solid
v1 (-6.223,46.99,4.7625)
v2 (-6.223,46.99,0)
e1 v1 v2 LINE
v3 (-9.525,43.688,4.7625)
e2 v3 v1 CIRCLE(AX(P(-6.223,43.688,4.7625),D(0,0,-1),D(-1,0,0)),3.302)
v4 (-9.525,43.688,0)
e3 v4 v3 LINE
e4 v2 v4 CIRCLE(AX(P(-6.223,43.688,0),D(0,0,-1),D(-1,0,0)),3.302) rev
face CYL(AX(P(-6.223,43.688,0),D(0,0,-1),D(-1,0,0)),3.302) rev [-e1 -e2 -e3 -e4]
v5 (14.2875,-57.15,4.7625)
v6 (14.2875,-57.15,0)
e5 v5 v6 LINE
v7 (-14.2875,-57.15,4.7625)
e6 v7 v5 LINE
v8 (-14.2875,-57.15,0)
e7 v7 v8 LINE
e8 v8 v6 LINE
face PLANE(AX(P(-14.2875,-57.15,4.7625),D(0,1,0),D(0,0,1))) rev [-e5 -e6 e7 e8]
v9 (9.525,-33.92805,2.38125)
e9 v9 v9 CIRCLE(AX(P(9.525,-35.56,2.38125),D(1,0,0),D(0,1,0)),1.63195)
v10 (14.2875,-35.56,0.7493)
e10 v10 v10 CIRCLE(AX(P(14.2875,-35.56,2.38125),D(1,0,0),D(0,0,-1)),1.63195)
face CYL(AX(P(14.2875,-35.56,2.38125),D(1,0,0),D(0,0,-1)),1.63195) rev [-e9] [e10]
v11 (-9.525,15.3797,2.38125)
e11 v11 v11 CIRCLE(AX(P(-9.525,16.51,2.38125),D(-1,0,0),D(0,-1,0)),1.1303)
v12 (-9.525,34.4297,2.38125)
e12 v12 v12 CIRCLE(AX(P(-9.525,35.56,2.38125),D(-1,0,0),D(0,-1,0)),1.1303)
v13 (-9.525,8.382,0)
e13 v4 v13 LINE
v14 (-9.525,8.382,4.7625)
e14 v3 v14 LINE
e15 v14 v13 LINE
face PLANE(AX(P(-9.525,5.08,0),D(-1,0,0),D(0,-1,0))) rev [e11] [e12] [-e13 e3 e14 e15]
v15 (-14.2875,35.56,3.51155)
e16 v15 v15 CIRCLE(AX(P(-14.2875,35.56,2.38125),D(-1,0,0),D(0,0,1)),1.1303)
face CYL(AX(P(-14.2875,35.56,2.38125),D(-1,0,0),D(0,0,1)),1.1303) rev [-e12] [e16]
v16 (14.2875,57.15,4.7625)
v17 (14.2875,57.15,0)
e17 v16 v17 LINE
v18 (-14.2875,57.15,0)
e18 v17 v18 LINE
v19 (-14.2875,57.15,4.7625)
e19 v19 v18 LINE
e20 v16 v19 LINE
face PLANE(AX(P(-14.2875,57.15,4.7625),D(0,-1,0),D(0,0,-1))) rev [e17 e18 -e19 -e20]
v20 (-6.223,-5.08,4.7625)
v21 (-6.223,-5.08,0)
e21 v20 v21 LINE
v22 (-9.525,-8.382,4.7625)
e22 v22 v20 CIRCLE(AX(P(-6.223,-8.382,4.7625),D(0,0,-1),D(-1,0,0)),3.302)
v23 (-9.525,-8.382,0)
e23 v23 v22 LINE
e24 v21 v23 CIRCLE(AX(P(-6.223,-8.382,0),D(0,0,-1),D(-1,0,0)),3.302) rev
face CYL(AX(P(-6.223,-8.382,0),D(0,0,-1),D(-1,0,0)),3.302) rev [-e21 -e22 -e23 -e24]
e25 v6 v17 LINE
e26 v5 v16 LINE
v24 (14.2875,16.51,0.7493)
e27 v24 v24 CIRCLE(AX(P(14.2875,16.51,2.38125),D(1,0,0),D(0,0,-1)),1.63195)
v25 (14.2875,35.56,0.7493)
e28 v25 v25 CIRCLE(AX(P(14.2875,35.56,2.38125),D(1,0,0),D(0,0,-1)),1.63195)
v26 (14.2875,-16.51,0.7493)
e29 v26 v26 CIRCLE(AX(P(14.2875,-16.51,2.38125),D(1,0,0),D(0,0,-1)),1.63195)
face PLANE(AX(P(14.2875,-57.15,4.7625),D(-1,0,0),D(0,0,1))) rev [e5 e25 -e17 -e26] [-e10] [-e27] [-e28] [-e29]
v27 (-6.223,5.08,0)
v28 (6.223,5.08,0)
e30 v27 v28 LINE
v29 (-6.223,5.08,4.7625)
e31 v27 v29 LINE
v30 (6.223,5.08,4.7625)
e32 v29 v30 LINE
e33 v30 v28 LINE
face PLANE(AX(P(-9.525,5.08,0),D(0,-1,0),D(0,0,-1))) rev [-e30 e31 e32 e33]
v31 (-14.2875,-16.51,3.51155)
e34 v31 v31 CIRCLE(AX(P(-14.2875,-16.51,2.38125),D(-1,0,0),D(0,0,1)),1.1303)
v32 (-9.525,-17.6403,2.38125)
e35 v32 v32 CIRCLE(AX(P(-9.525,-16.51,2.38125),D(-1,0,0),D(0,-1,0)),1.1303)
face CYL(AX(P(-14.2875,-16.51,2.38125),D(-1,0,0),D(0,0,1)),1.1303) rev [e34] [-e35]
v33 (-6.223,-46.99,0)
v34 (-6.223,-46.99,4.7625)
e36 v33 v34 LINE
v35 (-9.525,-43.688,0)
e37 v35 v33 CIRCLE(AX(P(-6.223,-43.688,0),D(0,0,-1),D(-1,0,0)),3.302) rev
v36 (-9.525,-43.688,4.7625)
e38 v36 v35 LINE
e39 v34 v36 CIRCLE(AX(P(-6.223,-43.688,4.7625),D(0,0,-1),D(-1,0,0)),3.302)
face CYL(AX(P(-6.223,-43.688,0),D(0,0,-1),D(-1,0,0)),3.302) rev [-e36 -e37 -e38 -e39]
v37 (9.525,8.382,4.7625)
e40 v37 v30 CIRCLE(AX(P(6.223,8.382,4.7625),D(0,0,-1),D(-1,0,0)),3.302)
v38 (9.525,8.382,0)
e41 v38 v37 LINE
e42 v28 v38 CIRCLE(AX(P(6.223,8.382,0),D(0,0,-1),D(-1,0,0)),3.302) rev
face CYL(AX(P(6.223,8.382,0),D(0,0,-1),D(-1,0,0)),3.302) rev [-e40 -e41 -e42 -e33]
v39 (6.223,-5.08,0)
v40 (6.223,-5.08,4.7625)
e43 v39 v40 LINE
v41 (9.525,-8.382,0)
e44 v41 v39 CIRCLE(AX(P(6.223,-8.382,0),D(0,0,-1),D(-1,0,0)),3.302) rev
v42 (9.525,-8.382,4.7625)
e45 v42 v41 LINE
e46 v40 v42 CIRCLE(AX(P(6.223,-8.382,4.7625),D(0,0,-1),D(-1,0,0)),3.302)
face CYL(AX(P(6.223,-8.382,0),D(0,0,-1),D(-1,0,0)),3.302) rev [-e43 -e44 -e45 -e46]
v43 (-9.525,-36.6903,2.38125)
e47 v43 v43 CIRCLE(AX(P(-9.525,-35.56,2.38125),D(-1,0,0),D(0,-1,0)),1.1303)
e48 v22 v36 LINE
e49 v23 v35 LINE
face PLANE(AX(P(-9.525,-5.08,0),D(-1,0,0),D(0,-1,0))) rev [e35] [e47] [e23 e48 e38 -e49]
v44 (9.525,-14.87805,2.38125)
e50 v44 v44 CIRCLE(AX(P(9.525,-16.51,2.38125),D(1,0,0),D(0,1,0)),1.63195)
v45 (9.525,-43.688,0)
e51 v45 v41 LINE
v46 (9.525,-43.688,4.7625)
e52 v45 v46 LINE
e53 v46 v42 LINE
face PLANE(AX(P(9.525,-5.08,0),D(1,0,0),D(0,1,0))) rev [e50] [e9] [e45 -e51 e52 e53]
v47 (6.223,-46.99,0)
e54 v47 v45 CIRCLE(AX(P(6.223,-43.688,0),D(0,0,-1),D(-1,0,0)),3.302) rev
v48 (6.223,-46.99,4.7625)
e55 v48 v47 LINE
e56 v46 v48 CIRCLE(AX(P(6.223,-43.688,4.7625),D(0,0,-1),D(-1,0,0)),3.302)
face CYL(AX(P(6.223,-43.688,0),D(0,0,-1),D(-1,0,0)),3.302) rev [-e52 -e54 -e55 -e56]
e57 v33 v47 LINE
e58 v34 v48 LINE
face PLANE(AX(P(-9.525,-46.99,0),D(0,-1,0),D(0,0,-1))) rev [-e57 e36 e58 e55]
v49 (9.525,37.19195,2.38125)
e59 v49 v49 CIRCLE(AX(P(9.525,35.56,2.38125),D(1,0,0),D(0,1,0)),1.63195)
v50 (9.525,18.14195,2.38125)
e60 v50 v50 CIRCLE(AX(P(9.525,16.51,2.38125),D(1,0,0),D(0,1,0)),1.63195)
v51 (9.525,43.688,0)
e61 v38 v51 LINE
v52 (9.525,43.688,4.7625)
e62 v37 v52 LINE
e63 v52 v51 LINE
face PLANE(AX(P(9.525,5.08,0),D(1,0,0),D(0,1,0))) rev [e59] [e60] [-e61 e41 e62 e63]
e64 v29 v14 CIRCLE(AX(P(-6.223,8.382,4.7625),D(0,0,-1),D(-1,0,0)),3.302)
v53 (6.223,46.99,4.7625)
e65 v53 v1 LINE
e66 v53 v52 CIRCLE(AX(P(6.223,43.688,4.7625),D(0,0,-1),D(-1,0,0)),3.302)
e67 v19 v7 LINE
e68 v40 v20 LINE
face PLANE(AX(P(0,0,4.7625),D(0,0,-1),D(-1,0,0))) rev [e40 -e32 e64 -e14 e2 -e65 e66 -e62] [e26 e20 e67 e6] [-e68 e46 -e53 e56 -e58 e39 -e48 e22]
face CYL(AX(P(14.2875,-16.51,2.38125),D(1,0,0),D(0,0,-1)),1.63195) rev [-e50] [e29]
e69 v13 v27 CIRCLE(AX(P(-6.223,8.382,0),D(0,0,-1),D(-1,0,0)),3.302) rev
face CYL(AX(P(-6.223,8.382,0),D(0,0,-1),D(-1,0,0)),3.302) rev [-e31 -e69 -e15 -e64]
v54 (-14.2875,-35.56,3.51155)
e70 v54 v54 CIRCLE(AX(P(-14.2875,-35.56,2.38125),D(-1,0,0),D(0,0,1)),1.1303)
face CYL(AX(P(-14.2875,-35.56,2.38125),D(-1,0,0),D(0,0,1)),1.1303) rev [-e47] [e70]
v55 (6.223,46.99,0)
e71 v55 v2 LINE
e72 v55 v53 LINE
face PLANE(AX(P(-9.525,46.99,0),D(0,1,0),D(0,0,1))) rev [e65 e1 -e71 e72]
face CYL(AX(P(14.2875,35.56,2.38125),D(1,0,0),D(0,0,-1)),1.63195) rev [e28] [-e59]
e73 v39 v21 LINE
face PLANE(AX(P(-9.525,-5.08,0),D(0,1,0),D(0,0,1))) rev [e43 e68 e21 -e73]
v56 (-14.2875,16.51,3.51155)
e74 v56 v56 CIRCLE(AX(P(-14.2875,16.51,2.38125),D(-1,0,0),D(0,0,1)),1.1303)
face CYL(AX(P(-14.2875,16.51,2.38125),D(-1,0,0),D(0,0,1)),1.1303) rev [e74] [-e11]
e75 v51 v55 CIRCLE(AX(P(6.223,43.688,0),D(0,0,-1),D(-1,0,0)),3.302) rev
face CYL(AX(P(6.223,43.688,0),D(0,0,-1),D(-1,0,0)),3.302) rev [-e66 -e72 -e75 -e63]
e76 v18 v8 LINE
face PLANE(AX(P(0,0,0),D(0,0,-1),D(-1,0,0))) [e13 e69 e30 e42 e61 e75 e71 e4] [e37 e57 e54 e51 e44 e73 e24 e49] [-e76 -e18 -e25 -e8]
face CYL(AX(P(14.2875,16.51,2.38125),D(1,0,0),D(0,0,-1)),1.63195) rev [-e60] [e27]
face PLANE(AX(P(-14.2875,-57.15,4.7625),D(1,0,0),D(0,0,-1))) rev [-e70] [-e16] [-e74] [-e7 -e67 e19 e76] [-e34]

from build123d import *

# Parameters (mm, degrees)
SKETCH1_W                 = 28.575
SKETCH1_H                 = 114.3
BOSS_EXTRUDE1_DEPTH       = 4.7625
SKETCH2_W                 = 19.05
SKETCH2_H                 = 41.91
CUT_EXTRUDE1_DEPTH        = 60.101070739
FILLET1_R                 = 3.302
F_4_CLEARANCE_HOLE1_D     = 3.2639
F_4_CLEARANCE_HOLE1_DEPTH = 4.7625
F_4_40_TAPPED_HOLE1_D     = 2.2606


with BuildPart() as part:
    # Sketch1 → Boss-Extrude1 (new body)
    with BuildSketch(Plane.XY):
        Rectangle(SKETCH1_W, SKETCH1_H)
    extrude(amount=BOSS_EXTRUDE1_DEPTH)

    # Sketch2 → Cut-Extrude1 (cut, through all)
    with BuildSketch(Plane.XY.offset(4.7625)):
        with Locations((0, 26.035)):
            Rectangle(SKETCH2_W, SKETCH2_H)
        with Locations((0, -26.035)):
            Rectangle(SKETCH2_W, SKETCH2_H)
    extrude(amount=-CUT_EXTRUDE1_DEPTH, mode=Mode.SUBTRACT)

    # Fillet1
    fillet1_edges = [part.edges().sort_by_distance(p)[0] for p in [
        (9.525, 46.99, 2.38125),
        (9.525, 5.08, 2.38125),
        (-9.525, 5.08, 2.38125),
        (-9.525, 46.99, 2.38125),
        (-9.525, -46.99, 2.38125),
        (-9.525, -5.08, 2.38125),
        (9.525, -5.08, 2.38125),
        (9.525, -46.99, 2.38125),
    ]]
    fillet(fillet1_edges, radius=FILLET1_R)

    # #4 Clearance Hole1
    with Locations(Plane(origin=(14.2875, 0, 0), x_dir=(0, 0, -1), z_dir=(1, 0, 0))):
        with Locations((-2.38125, 35.56), (-2.38125, 16.51), (-2.38125, -16.51), (-2.38125, -35.56)):
            Hole(F_4_CLEARANCE_HOLE1_D / 2, depth=F_4_CLEARANCE_HOLE1_DEPTH)

    # #4-40 Tapped Hole1 (through all)
    with Locations(Plane.ZY.offset(14.2875)):
        with Locations((2.38125, 16.51), (2.38125, 35.56), (2.38125, -16.51), (2.38125, -35.56)):
            Hole(F_4_40_TAPPED_HOLE1_D / 2)


solid = part.part
